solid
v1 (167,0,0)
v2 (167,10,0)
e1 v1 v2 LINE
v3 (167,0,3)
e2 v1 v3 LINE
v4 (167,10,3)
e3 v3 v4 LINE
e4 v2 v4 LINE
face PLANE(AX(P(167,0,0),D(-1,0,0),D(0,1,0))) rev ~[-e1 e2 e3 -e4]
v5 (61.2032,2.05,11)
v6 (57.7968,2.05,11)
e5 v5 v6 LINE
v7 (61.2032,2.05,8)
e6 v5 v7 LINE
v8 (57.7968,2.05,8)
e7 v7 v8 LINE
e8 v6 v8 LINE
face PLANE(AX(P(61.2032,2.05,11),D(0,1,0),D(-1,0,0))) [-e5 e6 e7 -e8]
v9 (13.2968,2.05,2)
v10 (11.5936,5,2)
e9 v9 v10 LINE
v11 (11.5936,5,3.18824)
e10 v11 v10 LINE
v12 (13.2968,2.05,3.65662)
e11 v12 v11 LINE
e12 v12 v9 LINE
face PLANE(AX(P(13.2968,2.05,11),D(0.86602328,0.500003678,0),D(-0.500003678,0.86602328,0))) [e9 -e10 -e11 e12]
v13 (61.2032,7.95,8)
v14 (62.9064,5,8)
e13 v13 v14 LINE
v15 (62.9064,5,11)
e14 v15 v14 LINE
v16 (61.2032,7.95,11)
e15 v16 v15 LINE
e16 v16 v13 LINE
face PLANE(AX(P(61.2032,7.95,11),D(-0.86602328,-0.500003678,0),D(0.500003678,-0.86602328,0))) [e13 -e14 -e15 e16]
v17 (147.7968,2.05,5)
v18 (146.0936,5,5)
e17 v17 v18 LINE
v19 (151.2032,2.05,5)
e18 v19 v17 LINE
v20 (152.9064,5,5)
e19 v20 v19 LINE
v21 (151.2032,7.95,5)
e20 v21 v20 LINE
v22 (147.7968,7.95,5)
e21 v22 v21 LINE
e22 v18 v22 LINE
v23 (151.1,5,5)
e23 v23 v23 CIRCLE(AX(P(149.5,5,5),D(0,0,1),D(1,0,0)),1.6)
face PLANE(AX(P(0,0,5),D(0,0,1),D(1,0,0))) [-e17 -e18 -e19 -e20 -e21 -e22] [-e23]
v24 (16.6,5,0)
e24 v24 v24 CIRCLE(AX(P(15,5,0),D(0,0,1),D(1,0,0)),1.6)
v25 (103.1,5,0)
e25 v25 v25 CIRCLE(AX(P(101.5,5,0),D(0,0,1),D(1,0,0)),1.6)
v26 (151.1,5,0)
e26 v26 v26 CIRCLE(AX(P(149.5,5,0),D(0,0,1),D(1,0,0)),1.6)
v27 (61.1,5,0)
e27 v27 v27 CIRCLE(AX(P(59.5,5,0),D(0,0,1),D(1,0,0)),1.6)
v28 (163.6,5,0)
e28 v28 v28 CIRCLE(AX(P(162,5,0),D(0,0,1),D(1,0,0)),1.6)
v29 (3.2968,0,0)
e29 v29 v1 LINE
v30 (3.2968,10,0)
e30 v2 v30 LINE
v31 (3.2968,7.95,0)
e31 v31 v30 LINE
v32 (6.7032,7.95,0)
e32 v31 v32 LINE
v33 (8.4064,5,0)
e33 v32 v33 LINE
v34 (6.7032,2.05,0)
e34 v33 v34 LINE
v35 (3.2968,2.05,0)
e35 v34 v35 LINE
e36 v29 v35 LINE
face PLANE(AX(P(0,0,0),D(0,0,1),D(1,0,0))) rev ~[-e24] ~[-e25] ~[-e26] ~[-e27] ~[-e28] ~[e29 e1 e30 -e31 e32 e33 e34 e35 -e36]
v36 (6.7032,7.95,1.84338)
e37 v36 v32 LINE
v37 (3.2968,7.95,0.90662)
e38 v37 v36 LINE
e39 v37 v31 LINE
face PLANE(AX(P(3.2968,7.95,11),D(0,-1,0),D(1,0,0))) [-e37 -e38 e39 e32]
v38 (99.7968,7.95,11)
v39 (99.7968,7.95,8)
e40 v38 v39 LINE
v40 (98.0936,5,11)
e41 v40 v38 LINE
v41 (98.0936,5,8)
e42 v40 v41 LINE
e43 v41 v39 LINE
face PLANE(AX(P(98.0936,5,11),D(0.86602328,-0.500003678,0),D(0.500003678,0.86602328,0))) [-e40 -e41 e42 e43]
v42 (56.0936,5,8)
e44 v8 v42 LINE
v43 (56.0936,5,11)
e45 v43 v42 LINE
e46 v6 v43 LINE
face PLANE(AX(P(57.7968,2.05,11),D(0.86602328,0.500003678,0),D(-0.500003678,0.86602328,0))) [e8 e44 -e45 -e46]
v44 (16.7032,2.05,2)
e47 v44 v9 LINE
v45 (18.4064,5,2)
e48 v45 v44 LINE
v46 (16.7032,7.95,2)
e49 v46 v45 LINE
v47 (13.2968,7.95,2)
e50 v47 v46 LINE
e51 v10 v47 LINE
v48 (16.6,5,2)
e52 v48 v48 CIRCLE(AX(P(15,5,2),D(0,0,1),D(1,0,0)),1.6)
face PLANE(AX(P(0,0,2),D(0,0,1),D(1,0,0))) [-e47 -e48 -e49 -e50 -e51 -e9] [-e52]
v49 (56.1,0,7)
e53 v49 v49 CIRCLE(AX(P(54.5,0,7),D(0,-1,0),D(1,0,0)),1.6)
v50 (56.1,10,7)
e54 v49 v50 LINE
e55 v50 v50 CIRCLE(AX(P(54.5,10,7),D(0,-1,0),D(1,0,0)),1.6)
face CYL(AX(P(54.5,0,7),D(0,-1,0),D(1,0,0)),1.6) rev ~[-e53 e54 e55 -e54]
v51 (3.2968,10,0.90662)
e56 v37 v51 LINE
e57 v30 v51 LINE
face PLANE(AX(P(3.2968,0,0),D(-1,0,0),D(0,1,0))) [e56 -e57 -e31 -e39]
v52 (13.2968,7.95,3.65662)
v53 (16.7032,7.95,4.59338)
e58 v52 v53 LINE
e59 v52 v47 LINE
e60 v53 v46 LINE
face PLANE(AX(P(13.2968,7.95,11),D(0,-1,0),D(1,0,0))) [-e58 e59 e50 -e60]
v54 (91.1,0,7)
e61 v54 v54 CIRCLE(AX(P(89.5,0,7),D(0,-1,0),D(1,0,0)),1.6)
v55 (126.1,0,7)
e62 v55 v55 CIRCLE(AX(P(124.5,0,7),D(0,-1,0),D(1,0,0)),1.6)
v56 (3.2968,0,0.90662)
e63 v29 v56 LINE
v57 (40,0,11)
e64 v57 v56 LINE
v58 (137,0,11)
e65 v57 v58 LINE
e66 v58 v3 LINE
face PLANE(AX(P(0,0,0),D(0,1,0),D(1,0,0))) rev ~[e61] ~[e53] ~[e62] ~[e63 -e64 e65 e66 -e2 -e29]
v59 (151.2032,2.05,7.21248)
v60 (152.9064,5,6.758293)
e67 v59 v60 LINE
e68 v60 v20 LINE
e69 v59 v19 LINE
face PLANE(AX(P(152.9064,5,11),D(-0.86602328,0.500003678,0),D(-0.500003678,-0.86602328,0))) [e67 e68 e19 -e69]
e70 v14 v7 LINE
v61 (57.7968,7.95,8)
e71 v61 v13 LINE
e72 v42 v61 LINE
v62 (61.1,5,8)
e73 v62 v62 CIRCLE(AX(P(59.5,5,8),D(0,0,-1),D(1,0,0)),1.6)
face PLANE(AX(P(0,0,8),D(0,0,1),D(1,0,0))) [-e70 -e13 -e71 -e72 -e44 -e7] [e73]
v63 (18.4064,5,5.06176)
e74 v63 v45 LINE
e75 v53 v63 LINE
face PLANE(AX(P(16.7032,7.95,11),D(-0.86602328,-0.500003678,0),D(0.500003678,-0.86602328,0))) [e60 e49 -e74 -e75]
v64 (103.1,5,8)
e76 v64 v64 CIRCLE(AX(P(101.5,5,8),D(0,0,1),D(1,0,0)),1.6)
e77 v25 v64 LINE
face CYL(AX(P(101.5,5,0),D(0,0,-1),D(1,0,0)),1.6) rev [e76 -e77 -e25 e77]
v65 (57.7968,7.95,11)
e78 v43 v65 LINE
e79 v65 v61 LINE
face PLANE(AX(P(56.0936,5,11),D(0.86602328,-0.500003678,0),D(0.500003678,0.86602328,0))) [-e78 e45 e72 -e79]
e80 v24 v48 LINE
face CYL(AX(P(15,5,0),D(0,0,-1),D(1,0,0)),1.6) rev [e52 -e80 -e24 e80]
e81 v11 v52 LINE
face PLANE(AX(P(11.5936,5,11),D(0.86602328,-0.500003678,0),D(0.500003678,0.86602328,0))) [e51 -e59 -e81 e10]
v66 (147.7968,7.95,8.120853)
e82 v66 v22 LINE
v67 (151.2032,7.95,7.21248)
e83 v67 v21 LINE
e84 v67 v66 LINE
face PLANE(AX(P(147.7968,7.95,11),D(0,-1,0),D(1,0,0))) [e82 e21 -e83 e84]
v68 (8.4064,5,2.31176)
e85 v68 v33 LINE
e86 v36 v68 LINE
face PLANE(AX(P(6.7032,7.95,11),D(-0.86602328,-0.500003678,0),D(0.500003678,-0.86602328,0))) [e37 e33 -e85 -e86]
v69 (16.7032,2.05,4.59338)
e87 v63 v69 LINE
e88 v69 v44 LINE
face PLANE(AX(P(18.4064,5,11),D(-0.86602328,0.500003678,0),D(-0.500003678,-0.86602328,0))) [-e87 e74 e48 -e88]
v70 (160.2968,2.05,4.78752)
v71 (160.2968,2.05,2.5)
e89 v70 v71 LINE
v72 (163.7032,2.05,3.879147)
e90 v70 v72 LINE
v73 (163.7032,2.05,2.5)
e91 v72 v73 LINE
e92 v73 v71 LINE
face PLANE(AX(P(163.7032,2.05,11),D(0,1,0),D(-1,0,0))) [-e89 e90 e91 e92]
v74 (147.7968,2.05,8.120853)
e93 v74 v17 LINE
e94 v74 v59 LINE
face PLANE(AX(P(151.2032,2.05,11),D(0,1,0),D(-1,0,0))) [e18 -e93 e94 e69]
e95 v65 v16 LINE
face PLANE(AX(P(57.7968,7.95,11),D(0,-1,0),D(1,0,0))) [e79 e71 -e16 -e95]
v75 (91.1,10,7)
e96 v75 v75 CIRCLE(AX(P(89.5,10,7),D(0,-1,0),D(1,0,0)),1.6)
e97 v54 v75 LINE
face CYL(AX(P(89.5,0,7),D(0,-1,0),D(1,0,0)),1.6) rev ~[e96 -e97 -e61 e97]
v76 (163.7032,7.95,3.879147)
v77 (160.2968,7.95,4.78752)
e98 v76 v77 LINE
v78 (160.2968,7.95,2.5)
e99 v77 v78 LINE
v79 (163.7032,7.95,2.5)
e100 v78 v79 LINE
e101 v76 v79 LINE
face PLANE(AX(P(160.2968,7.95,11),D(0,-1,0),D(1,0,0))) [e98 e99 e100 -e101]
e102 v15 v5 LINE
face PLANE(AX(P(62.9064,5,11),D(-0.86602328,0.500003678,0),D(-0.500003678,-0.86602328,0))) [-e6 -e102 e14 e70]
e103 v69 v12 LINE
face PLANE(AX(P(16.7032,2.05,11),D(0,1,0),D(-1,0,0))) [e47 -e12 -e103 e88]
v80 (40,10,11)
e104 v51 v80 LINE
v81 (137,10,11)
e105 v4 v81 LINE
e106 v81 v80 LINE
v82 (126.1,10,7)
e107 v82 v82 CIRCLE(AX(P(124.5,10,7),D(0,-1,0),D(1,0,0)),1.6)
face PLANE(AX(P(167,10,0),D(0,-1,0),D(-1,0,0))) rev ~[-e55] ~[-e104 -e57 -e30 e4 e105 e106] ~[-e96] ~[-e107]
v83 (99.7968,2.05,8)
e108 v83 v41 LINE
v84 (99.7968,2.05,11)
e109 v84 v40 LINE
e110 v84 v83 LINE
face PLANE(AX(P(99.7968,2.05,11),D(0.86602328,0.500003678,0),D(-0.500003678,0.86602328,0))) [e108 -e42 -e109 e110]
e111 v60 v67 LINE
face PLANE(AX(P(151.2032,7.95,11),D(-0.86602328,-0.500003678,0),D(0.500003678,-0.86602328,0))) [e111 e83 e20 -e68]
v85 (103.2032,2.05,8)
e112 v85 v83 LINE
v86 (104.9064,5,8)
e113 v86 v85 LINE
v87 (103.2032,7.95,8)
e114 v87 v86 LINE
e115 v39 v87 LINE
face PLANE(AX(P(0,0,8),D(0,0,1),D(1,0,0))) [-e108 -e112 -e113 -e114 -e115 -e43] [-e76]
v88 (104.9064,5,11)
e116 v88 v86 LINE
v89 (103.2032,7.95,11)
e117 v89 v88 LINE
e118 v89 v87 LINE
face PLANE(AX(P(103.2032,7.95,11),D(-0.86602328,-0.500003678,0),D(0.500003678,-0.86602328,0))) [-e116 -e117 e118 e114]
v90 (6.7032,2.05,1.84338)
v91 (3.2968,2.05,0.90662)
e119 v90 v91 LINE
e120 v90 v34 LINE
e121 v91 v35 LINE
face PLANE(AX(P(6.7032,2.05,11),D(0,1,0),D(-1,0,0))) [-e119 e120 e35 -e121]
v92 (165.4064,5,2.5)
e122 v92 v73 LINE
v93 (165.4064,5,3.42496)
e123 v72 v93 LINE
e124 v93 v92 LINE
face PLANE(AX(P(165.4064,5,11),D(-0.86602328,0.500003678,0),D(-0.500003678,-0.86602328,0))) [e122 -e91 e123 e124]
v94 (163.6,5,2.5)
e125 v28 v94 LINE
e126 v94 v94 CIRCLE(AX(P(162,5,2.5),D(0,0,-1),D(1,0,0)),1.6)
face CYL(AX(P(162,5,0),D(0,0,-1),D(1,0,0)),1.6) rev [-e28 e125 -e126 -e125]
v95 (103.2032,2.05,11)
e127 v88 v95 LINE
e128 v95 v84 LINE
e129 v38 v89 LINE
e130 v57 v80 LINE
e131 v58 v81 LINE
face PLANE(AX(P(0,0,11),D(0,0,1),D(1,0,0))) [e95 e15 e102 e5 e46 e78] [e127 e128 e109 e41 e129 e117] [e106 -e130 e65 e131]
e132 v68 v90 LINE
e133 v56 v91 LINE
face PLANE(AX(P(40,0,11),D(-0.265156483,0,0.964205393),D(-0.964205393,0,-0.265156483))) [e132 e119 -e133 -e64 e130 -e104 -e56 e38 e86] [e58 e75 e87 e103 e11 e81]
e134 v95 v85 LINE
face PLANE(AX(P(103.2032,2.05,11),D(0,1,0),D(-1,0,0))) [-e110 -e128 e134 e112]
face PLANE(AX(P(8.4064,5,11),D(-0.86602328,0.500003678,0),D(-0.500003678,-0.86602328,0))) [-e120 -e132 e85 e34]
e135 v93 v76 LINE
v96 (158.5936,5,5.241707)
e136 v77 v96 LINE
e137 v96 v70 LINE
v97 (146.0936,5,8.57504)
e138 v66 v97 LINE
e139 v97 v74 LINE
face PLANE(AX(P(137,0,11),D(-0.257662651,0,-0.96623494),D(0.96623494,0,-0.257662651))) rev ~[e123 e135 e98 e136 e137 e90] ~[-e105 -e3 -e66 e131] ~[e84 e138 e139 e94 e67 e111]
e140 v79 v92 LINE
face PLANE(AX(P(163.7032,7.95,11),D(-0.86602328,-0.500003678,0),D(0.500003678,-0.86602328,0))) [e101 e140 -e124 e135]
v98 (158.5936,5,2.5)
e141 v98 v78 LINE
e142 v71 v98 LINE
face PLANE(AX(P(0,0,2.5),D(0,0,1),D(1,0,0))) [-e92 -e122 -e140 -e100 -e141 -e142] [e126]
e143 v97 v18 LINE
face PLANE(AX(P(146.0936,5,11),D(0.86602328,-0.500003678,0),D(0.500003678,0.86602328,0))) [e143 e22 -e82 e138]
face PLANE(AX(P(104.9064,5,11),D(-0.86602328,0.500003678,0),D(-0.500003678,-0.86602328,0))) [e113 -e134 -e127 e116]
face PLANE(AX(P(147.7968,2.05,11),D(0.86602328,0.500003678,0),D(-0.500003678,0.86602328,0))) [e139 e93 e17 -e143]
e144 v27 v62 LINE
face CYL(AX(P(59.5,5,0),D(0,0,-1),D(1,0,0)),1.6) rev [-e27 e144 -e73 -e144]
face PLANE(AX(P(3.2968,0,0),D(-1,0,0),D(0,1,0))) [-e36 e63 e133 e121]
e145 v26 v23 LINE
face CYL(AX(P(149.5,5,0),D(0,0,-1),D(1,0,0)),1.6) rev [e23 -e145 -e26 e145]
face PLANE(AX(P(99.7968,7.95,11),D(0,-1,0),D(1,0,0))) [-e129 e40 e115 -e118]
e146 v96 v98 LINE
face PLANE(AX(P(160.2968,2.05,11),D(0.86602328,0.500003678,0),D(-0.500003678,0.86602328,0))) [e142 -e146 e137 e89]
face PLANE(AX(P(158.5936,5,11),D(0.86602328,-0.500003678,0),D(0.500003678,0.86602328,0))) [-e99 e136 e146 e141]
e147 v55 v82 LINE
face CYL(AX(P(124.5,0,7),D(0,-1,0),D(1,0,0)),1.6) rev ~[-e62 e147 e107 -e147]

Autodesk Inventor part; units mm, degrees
ref_plane "YZ Plane" through (0, 0, 0) normal (1, 0, 0) x (0, 1, 0)
ref_plane "XZ Plane" through (0, 0, 0) normal (0, 1, 0) x (-1, 0, 0)
ref_plane "XY Plane" through (0, 0, 0) normal (0, 0, 1) x (1, 0, 0)
sketch "Sketch1" plane through (0, 0, 0) normal (0, 0, 1) x (1, 0, 0)
  line L0 (0, 0) -> (167, 0)
  line L1 (167, 0) -> (167, 10)
  line L2 (167, 10) -> (0, 10)
  line L3 (0, 10) -> (0, 0)
  circle A0 centre (59.5, 5) radius 1.6
  circle A1 centre (101.5, 5) radius 1.6
  circle A2 centre (162, 5) radius 1.6
  circle A3 centre (149.5, 5) radius 1.6
  circle A4 centre (15, 5) radius 1.6
  circle A5 centre (5, 5) radius 1.6
  dimension "d1" = 10
  dimension "d2" = 90
  dimension "d4" = 3.2
  dimension "d6" = 3.2
  dimension "d7" = 3.2
  dimension "d8" = 42
  dimension "d9" = 60.5
  dimension "d26" = 3.2
  dimension "d27" = 48
  dimension "d28" = 3.2
  dimension "d29" = 44.5
  dimension "d32" = 15
  dimension "d33" = 5
  dimension "d61" = 3.2
  dimension "d62" = 10
  dimension "d63" = 12.5
ref_plane "Work Plane2" through (0, 0, 0) normal (0, -1, 0) x (1, 0, 0)
sketch "Sketch2" plane through (0, 0, 0) normal (0, -1, 0) x (1, 0, 0)
  circle A0 centre (54.5, 7) radius 1.6
  circle A1 centre (124.5, 7) radius 1.6
  circle A2 centre (89.5, 7) radius 1.6
  point P0 (0, 0)
  dimension "d13" = 3.2
  dimension "d15" = 3.2
  dimension "d16" = 70
  dimension "d17" = 3.2
  dimension "d18" = 35
  dimension "d64" = 54.5
  dimension "d65" = 35
ref_plane "Work Plane1" through (0, 0, 11) normal (0, 0, 1) x (1, 0, 0)
extrude "klocek" add sketch "Sketch1" along normal blind 11
ref_plane "Work Plane3" through (0, 0, 0) normal (0, -1, 0) x (1, 0, 0)
extrude "prowadzenie osi" cut sketch "Sketch2" against normal up to next
ref_plane "Work Plane4" through (0, 0, 0) normal (0, -1, 0) x (1, 0, 0)
sketch "Sketch7" plane through (0, 0, 0) normal (0, -1, 0) x (1, 0, 0)
  line L0 (0, 11) -> (0, 0)
  line L1 (0, 11) -> (167, 11) projected
  line L2 (0, 11) -> (40, 11)
  line L3 (40, 11) -> (0, 0)
  point P0 (0, -1.8333)
  dimension "d86" = 11
  dimension "d87" = 40
sketch "Sketch8" plane through (0, 0, 0) normal (0, -1, 0) x (1, 0, 0)
  line L0 (167, 0) -> (167, 11) projected
  line L1 (167, 11) -> (167, 3)
  line L2 (167, 11) -> (0, 11) projected
  line L3 (167, 11) -> (137, 11)
  line L4 (137, 11) -> (167, 3)
  point P0 (0, 0)
  point P1 (40.8333, 11)
  dimension "d80" = 8
  dimension "d81" = 30
extrude "przedni skos" cut sketch "Sketch7" against normal up to next
extrude "tylni skos" cut sketch "Sketch8" against normal up to next
ref_plane "Work Plane7" through (0, 0, 11) normal (0, 0, 1) x (1, 0, 0)
sketch "Sketch5" plane through (0, 0, 11) normal (0, 0, 1) x (1, 0, 0)
  line L0 (62.9064, 5) -> (61.2032, 2.05)
  line L1 (61.2032, 2.05) -> (57.7968, 2.05)
  line L2 (57.7968, 2.05) -> (56.0936, 5)
  line L3 (56.0936, 5) -> (57.7968, 7.95)
  line L4 (57.7968, 7.95) -> (61.2032, 7.95)
  line L5 (61.2032, 7.95) -> (62.9064, 5)
  circle A0 centre (101.5, 5) radius 1.6 projected
  line L6 (98.0936, 5) -> (99.7968, 7.95)
  line L7 (99.7968, 7.95) -> (103.2032, 7.95)
  line L8 (103.2032, 7.95) -> (104.9064, 5)
  line L9 (104.9064, 5) -> (103.2032, 2.05)
  line L10 (103.2032, 2.05) -> (99.7968, 2.05)
  line L11 (99.7968, 2.05) -> (98.0936, 5)
  point P0 (59.5, 5)
  point P1 (119.5, 5)
  dimension "d45" = 5.9
  dimension "d98" = 5.9
extrude "hex insert middle" cut sketch "Sketch5" against normal blind 3
ref_plane "Work Plane6" through (0, 0, 11) normal (0, 0, 1) x (1, 0, 0)
sketch "Sketch9" plane through (0, 0, 11) normal (0, 0, 1) x (1, 0, 0)
  circle A0 centre (149.5, 5) radius 1.6 projected
  line L0 (152.9064, 5) -> (151.2032, 2.05)
  line L1 (151.2032, 2.05) -> (147.7968, 2.05)
  line L2 (147.7968, 2.05) -> (146.0936, 5)
  line L3 (146.0936, 5) -> (147.7968, 7.95)
  line L4 (147.7968, 7.95) -> (151.2032, 7.95)
  line L5 (151.2032, 7.95) -> (152.9064, 5)
  point P0 (0, 0)
  point P1 (153, 5)
  dimension "d99" = 5.9
extrude "hex insert rear 1" cut sketch "Sketch9" against normal blind 6
ref_plane "Work Plane5" through (0, 0, 11) normal (0, 0, 1) x (1, 0, 0)
sketch "Sketch10" plane through (0, 0, 11) normal (0, 0, 1) x (1, 0, 0)
  line L0 (160.2968, 7.95) -> (163.7032, 7.95)
  line L1 (163.7032, 7.95) -> (165.4064, 5)
  line L2 (165.4064, 5) -> (163.7032, 2.05)
  line L3 (163.7032, 2.05) -> (160.2968, 2.05)
  line L4 (160.2968, 2.05) -> (158.5936, 5)
  line L5 (158.5936, 5) -> (160.2968, 7.95)
  point P0 (0, 0)
  point P1 (162, 5)
  point P2 (162, 5)
  dimension "d72" = 5.9
extrude "hex insert rear 2" cut sketch "Sketch10" against normal blind 8.5
sketch "Sketch13" plane through (0, 0, 11) normal (0, 0, 1) x (1, 0, 0)
  circle A0 centre (5, 5) radius 1.6 projected
  line L0 (8.4064, 5) -> (6.7032, 2.05)
  line L1 (6.7032, 2.05) -> (3.2968, 2.05)
  line L2 (3.2968, 2.05) -> (1.5936, 5)
  line L3 (1.5936, 5) -> (3.2968, 7.95)
  line L4 (3.2968, 7.95) -> (6.7032, 7.95)
  line L5 (6.7032, 7.95) -> (8.4064, 5)
  point P0 (0, 0)
  dimension "d90" = 5.9
extrude "hex insert front 1" cut sketch "Sketch13" against normal through all
sketch "Sketch16" plane through (0, 0, 11) normal (0, 0, 1) x (1, 0, 0)
  circle A0 centre (15, 5) radius 1.6 projected
  line L0 (18.4064, 5) -> (16.7032, 2.05)
  line L1 (16.7032, 2.05) -> (13.2968, 2.05)
  line L2 (13.2968, 2.05) -> (11.5936, 5)
  line L3 (11.5936, 5) -> (13.2968, 7.95)
  line L4 (13.2968, 7.95) -> (16.7032, 7.95)
  line L5 (16.7032, 7.95) -> (18.4064, 5)
  point P0 (0, 0)
  dimension "d93" = 5.9
extrude "hex insert front 2" cut sketch "Sketch16" against normal blind 9
sketch "Sketch17" plane through (0, 0, 0) normal (0, 0, -1) x (-1, 0, 0)
  line L0 (0, 10) -> (0, 0) projected
  line L1 (0, 0) -> (-3.2968, 0)
  line L2 (-3.2968, 0) -> (-3.2968, 10.0042)
  line L3 (-3.2968, 10.0042) -> (0, 10.0042)
  line L4 (0, 10.0042) -> (0, 0)
extrude "Extrusion20" cut sketch "Sketch17" against normal up to next
properties part number "wheel_support_extra_short"
